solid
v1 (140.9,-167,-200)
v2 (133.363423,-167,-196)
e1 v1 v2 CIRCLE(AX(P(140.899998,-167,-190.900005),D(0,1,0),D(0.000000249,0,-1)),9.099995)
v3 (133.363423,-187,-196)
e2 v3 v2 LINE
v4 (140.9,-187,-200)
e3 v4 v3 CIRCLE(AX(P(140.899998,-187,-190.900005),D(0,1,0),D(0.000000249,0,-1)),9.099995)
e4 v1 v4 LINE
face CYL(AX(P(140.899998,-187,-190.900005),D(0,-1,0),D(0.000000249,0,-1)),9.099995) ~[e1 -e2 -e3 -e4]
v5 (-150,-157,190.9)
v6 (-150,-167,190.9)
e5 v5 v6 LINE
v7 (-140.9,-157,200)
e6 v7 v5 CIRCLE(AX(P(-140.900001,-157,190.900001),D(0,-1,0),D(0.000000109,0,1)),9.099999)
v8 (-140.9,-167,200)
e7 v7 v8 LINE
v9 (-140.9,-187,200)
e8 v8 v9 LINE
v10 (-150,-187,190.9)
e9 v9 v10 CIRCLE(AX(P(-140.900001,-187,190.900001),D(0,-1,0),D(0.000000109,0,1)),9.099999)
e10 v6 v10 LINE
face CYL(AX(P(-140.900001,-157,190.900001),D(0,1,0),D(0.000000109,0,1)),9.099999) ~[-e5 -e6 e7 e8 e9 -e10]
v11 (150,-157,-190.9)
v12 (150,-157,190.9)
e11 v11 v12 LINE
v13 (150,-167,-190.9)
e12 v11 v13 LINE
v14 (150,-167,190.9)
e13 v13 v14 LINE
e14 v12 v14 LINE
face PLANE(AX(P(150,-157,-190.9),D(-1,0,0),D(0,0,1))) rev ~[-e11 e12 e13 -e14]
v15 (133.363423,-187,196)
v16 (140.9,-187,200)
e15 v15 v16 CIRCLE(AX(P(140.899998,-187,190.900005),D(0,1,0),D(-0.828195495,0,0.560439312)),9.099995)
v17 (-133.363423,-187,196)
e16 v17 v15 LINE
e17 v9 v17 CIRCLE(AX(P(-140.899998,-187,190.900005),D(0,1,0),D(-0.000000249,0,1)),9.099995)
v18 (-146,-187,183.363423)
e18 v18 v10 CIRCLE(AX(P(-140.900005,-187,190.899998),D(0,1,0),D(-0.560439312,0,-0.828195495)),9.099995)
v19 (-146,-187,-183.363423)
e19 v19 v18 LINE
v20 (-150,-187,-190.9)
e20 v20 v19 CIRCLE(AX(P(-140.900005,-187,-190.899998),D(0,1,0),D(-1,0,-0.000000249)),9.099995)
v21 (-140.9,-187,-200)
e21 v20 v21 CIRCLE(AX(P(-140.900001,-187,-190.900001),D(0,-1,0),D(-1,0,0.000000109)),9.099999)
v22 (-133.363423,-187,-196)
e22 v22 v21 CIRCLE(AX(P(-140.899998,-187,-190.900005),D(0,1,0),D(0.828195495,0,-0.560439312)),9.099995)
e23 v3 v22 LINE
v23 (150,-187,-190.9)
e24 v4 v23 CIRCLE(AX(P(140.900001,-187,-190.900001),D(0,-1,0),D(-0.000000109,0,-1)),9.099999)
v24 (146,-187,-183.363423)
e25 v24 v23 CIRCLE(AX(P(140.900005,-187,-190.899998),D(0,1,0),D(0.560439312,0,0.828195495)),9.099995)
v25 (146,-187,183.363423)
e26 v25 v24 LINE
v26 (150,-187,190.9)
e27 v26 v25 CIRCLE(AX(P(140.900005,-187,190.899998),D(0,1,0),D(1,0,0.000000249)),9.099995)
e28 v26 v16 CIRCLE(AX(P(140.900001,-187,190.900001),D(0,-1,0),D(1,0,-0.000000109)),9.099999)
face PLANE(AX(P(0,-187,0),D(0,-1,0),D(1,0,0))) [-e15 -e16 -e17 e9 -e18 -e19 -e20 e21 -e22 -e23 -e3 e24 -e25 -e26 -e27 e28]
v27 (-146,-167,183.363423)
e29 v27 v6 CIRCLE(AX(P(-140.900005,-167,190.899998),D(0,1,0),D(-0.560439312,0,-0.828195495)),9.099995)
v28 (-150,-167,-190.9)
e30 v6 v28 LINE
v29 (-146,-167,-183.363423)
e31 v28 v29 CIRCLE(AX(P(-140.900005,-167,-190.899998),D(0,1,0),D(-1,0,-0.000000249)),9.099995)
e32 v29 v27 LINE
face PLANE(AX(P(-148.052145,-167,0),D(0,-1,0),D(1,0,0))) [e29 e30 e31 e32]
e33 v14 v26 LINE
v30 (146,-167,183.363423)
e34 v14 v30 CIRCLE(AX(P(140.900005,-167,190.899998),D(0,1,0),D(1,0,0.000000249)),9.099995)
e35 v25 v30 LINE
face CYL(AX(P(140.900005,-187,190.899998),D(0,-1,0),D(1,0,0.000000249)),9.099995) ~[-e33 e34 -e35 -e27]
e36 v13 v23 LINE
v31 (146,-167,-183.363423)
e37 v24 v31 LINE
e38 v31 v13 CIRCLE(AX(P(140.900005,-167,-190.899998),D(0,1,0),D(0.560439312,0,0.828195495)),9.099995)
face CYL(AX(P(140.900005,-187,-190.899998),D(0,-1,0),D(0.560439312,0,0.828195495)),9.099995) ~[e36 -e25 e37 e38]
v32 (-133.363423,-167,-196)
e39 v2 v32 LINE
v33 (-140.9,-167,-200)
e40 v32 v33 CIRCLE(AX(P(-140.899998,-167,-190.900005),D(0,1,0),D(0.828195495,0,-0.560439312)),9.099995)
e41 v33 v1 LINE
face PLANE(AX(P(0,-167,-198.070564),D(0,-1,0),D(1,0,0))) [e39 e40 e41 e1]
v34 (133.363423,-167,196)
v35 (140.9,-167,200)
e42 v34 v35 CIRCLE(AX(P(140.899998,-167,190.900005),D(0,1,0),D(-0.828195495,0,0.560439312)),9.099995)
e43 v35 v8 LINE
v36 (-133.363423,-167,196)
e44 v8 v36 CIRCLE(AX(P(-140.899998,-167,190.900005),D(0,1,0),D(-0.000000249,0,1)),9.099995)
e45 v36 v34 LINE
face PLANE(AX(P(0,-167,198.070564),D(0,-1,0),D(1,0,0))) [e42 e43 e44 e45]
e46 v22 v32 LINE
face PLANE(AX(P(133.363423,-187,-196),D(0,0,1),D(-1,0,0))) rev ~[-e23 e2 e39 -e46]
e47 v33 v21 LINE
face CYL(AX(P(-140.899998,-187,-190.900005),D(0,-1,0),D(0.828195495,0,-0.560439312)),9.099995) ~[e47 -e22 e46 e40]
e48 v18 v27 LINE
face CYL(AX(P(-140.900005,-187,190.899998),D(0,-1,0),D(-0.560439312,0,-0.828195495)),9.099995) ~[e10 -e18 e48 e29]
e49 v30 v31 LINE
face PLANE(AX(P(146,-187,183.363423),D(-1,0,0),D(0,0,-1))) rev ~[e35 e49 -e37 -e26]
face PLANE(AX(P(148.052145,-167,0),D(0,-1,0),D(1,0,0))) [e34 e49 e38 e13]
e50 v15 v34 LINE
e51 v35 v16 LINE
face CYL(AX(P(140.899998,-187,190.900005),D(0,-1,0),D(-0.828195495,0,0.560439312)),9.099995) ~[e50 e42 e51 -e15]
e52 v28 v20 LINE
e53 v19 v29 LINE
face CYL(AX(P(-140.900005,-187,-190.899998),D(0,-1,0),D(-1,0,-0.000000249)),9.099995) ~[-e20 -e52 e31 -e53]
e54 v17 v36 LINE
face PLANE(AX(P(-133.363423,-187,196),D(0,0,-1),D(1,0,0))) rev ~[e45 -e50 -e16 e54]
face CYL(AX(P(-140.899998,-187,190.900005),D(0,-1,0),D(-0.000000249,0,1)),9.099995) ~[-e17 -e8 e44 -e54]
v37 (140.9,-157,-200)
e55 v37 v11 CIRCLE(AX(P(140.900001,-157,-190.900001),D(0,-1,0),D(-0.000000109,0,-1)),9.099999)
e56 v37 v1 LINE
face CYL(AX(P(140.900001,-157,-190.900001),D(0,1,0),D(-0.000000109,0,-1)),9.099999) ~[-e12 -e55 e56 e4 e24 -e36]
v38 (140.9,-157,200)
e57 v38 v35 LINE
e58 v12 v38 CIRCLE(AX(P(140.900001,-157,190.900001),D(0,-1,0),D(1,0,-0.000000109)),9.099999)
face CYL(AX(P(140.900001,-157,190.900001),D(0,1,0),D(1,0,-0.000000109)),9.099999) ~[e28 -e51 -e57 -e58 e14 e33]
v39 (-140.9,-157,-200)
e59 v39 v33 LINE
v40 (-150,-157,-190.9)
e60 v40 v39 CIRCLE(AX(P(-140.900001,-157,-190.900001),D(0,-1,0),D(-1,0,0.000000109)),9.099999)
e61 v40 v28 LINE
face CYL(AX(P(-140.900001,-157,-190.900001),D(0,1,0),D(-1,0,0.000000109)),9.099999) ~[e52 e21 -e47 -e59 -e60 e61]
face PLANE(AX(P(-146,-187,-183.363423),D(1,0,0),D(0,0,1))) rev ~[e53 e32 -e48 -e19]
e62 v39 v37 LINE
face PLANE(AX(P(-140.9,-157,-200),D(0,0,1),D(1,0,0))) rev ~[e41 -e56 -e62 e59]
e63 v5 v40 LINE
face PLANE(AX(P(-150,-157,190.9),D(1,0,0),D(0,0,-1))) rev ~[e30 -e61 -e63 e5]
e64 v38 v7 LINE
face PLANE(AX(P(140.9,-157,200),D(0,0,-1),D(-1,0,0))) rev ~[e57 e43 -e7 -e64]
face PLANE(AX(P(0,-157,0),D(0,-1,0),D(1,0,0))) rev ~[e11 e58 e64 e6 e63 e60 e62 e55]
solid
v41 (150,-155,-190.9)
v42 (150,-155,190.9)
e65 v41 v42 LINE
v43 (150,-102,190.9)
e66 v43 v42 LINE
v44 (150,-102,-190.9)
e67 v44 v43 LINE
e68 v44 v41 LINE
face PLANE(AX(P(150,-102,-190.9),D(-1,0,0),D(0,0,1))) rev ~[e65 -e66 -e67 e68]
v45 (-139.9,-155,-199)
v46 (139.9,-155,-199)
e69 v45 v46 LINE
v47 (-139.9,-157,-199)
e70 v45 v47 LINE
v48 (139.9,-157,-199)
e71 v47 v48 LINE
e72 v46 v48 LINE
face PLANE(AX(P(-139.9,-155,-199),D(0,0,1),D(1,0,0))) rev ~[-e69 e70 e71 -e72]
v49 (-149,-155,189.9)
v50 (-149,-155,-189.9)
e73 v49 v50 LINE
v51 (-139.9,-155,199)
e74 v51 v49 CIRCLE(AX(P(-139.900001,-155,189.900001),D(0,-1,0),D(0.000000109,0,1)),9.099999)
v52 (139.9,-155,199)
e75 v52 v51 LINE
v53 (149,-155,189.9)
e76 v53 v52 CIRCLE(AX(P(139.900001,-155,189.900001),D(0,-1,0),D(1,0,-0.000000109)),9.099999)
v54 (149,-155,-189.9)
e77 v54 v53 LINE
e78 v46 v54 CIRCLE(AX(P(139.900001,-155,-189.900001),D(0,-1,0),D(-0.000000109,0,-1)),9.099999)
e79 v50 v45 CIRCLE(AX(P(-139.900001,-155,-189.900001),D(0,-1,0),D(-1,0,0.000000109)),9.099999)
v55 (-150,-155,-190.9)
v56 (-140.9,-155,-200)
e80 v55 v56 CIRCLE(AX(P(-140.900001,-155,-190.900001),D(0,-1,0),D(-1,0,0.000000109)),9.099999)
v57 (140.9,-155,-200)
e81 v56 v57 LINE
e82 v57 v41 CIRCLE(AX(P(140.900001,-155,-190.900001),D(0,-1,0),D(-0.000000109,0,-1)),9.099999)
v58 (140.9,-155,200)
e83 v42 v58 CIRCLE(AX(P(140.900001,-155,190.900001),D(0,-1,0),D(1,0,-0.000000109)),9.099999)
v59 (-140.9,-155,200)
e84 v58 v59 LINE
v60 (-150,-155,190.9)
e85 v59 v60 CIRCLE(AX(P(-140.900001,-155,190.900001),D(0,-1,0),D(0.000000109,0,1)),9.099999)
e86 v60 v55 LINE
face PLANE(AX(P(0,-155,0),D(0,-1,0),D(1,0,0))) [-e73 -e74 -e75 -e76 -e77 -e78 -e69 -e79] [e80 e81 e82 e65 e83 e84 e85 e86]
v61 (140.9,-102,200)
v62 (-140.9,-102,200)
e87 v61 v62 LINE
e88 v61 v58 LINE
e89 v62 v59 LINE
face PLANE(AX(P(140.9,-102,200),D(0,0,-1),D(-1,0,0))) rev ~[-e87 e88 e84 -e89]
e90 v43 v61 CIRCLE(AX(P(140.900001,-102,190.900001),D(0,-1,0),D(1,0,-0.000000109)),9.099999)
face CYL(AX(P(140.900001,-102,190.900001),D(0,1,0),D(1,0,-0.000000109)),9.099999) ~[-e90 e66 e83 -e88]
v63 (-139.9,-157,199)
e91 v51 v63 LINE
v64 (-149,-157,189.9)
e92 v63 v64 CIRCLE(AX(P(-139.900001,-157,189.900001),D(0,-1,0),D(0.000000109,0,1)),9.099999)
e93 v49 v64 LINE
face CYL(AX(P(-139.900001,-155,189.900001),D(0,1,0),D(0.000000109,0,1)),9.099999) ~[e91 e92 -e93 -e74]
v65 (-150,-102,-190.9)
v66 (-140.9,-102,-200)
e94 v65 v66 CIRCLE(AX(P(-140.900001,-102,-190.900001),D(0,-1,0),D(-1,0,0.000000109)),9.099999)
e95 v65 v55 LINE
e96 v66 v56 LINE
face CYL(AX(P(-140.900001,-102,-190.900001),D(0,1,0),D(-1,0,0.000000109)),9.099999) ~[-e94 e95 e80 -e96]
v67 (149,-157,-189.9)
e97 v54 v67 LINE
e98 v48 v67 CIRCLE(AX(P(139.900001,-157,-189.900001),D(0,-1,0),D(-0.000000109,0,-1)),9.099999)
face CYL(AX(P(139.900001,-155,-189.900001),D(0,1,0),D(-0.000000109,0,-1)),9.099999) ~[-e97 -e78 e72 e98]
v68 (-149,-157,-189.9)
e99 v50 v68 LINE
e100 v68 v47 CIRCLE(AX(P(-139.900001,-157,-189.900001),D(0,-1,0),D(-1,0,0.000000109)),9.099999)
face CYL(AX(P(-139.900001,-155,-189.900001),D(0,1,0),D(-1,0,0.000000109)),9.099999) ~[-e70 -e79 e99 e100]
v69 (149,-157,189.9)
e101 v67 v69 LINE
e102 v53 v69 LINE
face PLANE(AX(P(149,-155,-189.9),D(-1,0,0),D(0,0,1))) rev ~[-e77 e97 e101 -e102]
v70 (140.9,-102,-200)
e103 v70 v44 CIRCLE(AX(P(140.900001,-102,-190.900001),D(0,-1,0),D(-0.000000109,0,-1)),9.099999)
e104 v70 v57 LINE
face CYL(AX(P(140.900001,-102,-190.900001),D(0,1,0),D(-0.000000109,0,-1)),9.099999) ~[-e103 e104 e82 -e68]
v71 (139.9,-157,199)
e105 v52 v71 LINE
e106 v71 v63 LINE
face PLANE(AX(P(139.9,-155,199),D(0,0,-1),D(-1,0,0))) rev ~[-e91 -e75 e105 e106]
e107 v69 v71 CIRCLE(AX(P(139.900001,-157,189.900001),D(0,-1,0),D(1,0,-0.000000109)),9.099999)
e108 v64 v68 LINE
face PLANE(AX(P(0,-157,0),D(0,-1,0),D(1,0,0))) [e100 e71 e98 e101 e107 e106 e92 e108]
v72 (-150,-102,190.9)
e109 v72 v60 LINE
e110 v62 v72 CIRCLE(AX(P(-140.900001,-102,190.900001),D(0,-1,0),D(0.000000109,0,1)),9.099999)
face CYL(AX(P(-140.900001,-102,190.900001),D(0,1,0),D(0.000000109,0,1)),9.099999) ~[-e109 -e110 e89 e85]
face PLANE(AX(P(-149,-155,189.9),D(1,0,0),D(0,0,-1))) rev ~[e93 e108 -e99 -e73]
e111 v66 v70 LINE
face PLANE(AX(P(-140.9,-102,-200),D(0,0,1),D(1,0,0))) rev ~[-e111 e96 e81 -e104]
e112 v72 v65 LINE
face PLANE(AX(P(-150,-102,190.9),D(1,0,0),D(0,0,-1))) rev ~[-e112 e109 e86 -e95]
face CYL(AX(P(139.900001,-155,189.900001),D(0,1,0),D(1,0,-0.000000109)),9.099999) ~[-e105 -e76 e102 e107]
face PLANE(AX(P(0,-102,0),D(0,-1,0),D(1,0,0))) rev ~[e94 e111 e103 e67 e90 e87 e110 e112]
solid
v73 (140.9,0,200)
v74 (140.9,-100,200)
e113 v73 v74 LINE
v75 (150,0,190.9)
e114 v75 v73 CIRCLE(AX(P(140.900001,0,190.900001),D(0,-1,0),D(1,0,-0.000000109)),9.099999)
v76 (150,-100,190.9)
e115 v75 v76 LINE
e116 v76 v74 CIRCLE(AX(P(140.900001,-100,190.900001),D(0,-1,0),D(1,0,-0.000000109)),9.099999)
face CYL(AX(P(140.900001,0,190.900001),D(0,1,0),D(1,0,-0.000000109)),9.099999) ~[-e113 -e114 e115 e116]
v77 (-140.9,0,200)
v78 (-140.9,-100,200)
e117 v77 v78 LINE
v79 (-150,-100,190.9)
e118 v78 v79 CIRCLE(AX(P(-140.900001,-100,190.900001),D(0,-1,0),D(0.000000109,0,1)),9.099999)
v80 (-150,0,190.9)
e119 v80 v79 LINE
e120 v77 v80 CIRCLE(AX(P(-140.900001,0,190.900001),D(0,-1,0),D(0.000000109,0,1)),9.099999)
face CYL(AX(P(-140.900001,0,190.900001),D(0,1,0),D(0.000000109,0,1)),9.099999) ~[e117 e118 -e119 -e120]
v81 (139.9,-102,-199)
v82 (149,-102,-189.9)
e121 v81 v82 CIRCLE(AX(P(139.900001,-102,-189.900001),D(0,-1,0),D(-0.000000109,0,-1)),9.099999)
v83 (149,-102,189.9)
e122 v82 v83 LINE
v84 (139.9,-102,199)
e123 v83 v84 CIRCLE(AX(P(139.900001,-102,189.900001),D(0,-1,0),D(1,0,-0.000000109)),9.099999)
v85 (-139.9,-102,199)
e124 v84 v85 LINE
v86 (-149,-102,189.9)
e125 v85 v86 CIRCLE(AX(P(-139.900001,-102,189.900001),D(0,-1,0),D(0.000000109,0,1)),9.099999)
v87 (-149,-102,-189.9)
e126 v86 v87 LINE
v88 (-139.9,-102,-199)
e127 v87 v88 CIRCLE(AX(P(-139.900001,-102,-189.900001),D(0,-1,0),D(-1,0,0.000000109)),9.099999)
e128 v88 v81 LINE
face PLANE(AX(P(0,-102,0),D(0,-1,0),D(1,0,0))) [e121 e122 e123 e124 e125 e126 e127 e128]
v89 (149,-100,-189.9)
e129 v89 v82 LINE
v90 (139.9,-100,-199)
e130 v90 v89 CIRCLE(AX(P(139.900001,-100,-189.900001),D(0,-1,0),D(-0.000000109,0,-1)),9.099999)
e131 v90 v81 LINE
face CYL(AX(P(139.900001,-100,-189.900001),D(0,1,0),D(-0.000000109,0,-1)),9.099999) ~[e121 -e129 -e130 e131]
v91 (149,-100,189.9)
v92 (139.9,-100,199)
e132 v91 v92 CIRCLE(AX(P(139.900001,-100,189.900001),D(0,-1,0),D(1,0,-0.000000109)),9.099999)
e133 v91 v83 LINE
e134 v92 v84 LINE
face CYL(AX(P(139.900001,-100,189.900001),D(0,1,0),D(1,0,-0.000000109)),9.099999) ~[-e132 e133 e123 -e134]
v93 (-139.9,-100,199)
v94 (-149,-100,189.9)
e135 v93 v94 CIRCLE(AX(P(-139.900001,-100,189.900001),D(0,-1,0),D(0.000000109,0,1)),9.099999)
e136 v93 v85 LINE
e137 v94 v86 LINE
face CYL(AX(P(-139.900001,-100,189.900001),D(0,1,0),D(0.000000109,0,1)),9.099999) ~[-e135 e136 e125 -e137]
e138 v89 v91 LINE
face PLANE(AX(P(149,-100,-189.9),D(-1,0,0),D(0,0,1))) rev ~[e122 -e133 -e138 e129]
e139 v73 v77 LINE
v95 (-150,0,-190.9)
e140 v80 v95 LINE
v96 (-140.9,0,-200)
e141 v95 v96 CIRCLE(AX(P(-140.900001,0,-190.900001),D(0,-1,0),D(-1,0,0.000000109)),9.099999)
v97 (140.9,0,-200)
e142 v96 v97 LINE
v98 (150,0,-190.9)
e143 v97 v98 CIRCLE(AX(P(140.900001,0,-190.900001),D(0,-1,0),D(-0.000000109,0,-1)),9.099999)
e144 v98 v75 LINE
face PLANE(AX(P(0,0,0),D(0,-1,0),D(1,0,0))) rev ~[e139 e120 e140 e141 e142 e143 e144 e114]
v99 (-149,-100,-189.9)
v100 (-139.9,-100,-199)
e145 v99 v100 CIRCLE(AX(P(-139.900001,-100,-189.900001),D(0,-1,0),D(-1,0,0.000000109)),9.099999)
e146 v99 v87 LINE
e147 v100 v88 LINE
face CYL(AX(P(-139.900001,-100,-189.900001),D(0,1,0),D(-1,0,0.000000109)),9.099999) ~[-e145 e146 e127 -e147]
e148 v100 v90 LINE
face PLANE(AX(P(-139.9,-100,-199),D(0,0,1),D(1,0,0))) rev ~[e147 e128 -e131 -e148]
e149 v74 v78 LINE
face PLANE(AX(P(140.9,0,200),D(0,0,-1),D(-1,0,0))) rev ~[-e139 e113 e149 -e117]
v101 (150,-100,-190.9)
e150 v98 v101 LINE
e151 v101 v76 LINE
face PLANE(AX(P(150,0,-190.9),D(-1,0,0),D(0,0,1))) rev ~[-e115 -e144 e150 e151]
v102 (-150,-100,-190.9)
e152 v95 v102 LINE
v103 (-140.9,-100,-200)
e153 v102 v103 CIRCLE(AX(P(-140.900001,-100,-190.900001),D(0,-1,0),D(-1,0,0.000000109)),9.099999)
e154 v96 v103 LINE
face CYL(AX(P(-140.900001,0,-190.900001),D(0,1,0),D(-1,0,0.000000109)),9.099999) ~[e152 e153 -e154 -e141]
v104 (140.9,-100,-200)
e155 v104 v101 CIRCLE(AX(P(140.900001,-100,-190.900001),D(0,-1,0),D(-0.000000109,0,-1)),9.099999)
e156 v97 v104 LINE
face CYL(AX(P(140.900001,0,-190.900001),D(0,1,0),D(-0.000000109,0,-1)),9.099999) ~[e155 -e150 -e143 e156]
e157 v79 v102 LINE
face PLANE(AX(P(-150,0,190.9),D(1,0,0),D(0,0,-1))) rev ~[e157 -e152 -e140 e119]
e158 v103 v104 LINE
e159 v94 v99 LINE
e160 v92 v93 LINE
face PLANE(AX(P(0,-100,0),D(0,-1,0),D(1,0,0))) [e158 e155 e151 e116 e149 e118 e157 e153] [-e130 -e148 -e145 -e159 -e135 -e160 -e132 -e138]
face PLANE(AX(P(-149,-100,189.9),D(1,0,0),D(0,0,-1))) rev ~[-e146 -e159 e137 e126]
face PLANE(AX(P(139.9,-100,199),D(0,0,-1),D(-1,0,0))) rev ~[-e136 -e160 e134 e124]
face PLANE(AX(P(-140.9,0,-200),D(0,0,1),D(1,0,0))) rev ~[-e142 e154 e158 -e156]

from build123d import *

# Parameters (mm, degrees)
F1_DEPTH  = 100
F3_DEPTH  = 2
F5_DEPTH  = 53
F7_DEPTH  = 2
F8_W      = 290
F8_H      = 390
F9_DEPTH  = 30
F11_DEPTH = 20


with BuildPart() as f1:
    # F0 (on Front) → F1 (new body)
    with BuildSketch(Plane.XZ):
        with BuildLine():
            Line((140.9, 200), (-140.9, 200))
            ThreePointArc((-140.9, 200), (-147.334672, 197.334672), (-150, 190.9))
            Line((-150, 190.9), (-150, -190.9))
            ThreePointArc((-150, -190.9), (-147.334672, -197.334672), (-140.9, -200))
            Line((-140.9, -200), (140.9, -200))
            ThreePointArc((140.9, -200), (147.334672, -197.334672), (150, -190.9))
            Line((150, -190.9), (150, 190.9))
            ThreePointArc((150, 190.9), (147.334672, 197.334672), (140.9, 200))
        make_face()
    extrude(amount=F1_DEPTH)

    # F2 (on face) → F3 (join)
    with BuildSketch(Plane.XZ.offset(100)):
        with BuildLine():
            ThreePointArc((149, 189.9), (146.334672, 196.334672), (139.9, 199))
            Line((139.9, 199), (-139.9, 199))
            ThreePointArc((-139.9, 199), (-146.334672, 196.334672), (-149, 189.9))
            Line((-149, 189.9), (-149, -189.9))
            ThreePointArc((-149, -189.9), (-146.334672, -196.334672), (-139.9, -199))
            Line((-139.9, -199), (139.9, -199))
            ThreePointArc((139.9, -199), (146.334672, -196.334672), (149, -189.9))
            Line((149, -189.9), (149, 189.9))
        make_face()
    extrude(amount=F3_DEPTH)


with BuildPart() as f5:
    # F4 (on face) → F5 (new body)
    with BuildSketch(Plane.XZ.offset(102)):
        with BuildLine():
            Line((-150, 190.9), (-150, -190.9))
            ThreePointArc((-150, -190.9), (-147.334672, -197.334672), (-140.9, -200))
            Line((-140.9, -200), (140.9, -200))
            ThreePointArc((140.9, -200), (147.334672, -197.334672), (150, -190.9))
            Line((150, -190.9), (150, 190.9))
            ThreePointArc((150, 190.9), (147.334672, 197.334672), (140.9, 200))
            Line((140.9, 200), (-140.9, 200))
            ThreePointArc((-140.9, 200), (-147.334672, 197.334672), (-150, 190.9))
        make_face()
        with BuildLine():
            ThreePointArc((139.9, 199), (146.334672, 196.334672), (149, 189.9))
            Line((149, 189.9), (149, -189.9))
            ThreePointArc((149, -189.9), (146.334672, -196.334672), (139.9, -199))
            Line((139.9, -199), (-139.9, -199))
            ThreePointArc((-139.9, -199), (-146.334672, -196.334672), (-149, -189.9))
            Line((-149, -189.9), (-149, 189.9))
            ThreePointArc((-149, 189.9), (-146.334672, 196.334672), (-139.9, 199))
            Line((-139.9, 199), (139.9, 199))
        make_face(mode=Mode.SUBTRACT)
        with BuildLine():
            Line((149, -189.9), (149, 189.9))
            ThreePointArc((149, 189.9), (146.334672, 196.334672), (139.9, 199))
            Line((139.9, 199), (-139.9, 199))
            ThreePointArc((-139.9, 199), (-146.334672, 196.334672), (-149, 189.9))
            Line((-149, 189.9), (-149, -189.9))
            ThreePointArc((-149, -189.9), (-146.334672, -196.334672), (-139.9, -199))
            Line((-139.9, -199), (139.9, -199))
            ThreePointArc((139.9, -199), (146.334672, -196.334672), (149, -189.9))
        make_face()
    extrude(amount=F5_DEPTH)

    # F6 (on face) → F7 (join)
    with BuildSketch(Plane.XZ.offset(155)):
        with BuildLine():
            Line((139.9, 199), (-139.9, 199))
            ThreePointArc((-139.9, 199), (-146.334672, 196.334672), (-149, 189.9))
            Line((-149, 189.9), (-149, -189.9))
            ThreePointArc((-149, -189.9), (-146.334672, -196.334672), (-139.9, -199))
            Line((-139.9, -199), (139.9, -199))
            ThreePointArc((139.9, -199), (146.334672, -196.334672), (149, -189.9))
            Line((149, -189.9), (149, 189.9))
            ThreePointArc((149, 189.9), (146.334672, 196.334672), (139.9, 199))
        make_face()
    extrude(amount=F7_DEPTH)


with BuildPart() as f9:
    # F8 (on face) → F9 (new body)
    with BuildSketch(Plane.XZ.offset(157)):
        with BuildLine():
            Line((140.9, 200), (-140.9, 200))
            ThreePointArc((-140.9, 200), (-147.334672, 197.334672), (-150, 190.9))
            Line((-150, 190.9), (-150, -190.9))
            ThreePointArc((-150, -190.9), (-147.334672, -197.334672), (-140.9, -200))
            Line((-140.9, -200), (140.9, -200))
            ThreePointArc((140.9, -200), (147.334672, -197.334672), (150, -190.9))
            Line((150, -190.9), (150, 190.9))
            ThreePointArc((150, 190.9), (147.334672, 197.334672), (140.9, 200))
        make_face()
        with BuildLine():
            Line((-139.9, 199), (139.9, 199))
            ThreePointArc((139.9, 199), (146.334672, 196.334672), (149, 189.9))
            Line((149, 189.9), (149, -189.9))
            ThreePointArc((149, -189.9), (146.334672, -196.334672), (139.9, -199))
            Line((139.9, -199), (-139.9, -199))
            ThreePointArc((-139.9, -199), (-146.334672, -196.334672), (-149, -189.9))
            Line((-149, -189.9), (-149, 189.9))
            ThreePointArc((-149, 189.9), (-146.334672, 196.334672), (-139.9, 199))
        make_face(mode=Mode.SUBTRACT)
        with BuildLine():
            ThreePointArc((149, 189.9), (146.334672, 196.334672), (139.9, 199))
            Line((139.9, 199), (-139.9, 199))
            ThreePointArc((-139.9, 199), (-146.334672, 196.334672), (-149, 189.9))
            Line((-149, 189.9), (-149, -189.9))
            ThreePointArc((-149, -189.9), (-146.334672, -196.334672), (-139.9, -199))
            Line((-139.9, -199), (139.9, -199))
            ThreePointArc((139.9, -199), (146.334672, -196.334672), (149, -189.9))
            Line((149, -189.9), (149, 189.9))
        make_face()
        Rectangle(F8_W, F8_H, mode=Mode.SUBTRACT)
        Rectangle(F8_W, F8_H)
    extrude(amount=F9_DEPTH)

    # F10 (on face) → F11 (cut)
    with BuildSketch(Plane.XZ.offset(187)):
        with BuildLine():
            Line((133, 200), (-133, 200))
            Line((-133, 200), (-140.9, 200))
            ThreePointArc((-140.9, 200), (-136.633854, 198.938035), (-133.363423, 196))
            Line((-133.363423, 196), (133.363423, 196))
            ThreePointArc((133.363423, 196), (136.633854, 198.938035), (140.9, 200))
            Line((140.9, 200), (133, 200))
        make_face()
        with BuildLine():
            ThreePointArc((-146, 183.363423), (-148.938035, 186.633854), (-150, 190.9))
            Line((-150, 190.9), (-150, -190.9))
            ThreePointArc((-150, -190.9), (-148.938035, -186.633854), (-146, -183.363423))
            Line((-146, -183.363423), (-146, 183.363423))
        make_face()
        with BuildLine():
            Line((150, -190.9), (150, 190.9))
            ThreePointArc((150, 190.9), (148.938035, 186.633854), (146, 183.363423))
            Line((146, 183.363423), (146, -183.363423))
            ThreePointArc((146, -183.363423), (148.938035, -186.633854), (150, -190.9))
        make_face()
        with BuildLine():
            ThreePointArc((-133.363423, -196), (-136.633854, -198.938035), (-140.9, -200))
            Line((-140.9, -200), (140.9, -200))
            ThreePointArc((140.9, -200), (136.633854, -198.938035), (133.363423, -196))
            Line((133.363423, -196), (-133.363423, -196))
        make_face()
    extrude(amount=-F11_DEPTH, mode=Mode.SUBTRACT)


solid = Compound([f1.part, f5.part, f9.part])
